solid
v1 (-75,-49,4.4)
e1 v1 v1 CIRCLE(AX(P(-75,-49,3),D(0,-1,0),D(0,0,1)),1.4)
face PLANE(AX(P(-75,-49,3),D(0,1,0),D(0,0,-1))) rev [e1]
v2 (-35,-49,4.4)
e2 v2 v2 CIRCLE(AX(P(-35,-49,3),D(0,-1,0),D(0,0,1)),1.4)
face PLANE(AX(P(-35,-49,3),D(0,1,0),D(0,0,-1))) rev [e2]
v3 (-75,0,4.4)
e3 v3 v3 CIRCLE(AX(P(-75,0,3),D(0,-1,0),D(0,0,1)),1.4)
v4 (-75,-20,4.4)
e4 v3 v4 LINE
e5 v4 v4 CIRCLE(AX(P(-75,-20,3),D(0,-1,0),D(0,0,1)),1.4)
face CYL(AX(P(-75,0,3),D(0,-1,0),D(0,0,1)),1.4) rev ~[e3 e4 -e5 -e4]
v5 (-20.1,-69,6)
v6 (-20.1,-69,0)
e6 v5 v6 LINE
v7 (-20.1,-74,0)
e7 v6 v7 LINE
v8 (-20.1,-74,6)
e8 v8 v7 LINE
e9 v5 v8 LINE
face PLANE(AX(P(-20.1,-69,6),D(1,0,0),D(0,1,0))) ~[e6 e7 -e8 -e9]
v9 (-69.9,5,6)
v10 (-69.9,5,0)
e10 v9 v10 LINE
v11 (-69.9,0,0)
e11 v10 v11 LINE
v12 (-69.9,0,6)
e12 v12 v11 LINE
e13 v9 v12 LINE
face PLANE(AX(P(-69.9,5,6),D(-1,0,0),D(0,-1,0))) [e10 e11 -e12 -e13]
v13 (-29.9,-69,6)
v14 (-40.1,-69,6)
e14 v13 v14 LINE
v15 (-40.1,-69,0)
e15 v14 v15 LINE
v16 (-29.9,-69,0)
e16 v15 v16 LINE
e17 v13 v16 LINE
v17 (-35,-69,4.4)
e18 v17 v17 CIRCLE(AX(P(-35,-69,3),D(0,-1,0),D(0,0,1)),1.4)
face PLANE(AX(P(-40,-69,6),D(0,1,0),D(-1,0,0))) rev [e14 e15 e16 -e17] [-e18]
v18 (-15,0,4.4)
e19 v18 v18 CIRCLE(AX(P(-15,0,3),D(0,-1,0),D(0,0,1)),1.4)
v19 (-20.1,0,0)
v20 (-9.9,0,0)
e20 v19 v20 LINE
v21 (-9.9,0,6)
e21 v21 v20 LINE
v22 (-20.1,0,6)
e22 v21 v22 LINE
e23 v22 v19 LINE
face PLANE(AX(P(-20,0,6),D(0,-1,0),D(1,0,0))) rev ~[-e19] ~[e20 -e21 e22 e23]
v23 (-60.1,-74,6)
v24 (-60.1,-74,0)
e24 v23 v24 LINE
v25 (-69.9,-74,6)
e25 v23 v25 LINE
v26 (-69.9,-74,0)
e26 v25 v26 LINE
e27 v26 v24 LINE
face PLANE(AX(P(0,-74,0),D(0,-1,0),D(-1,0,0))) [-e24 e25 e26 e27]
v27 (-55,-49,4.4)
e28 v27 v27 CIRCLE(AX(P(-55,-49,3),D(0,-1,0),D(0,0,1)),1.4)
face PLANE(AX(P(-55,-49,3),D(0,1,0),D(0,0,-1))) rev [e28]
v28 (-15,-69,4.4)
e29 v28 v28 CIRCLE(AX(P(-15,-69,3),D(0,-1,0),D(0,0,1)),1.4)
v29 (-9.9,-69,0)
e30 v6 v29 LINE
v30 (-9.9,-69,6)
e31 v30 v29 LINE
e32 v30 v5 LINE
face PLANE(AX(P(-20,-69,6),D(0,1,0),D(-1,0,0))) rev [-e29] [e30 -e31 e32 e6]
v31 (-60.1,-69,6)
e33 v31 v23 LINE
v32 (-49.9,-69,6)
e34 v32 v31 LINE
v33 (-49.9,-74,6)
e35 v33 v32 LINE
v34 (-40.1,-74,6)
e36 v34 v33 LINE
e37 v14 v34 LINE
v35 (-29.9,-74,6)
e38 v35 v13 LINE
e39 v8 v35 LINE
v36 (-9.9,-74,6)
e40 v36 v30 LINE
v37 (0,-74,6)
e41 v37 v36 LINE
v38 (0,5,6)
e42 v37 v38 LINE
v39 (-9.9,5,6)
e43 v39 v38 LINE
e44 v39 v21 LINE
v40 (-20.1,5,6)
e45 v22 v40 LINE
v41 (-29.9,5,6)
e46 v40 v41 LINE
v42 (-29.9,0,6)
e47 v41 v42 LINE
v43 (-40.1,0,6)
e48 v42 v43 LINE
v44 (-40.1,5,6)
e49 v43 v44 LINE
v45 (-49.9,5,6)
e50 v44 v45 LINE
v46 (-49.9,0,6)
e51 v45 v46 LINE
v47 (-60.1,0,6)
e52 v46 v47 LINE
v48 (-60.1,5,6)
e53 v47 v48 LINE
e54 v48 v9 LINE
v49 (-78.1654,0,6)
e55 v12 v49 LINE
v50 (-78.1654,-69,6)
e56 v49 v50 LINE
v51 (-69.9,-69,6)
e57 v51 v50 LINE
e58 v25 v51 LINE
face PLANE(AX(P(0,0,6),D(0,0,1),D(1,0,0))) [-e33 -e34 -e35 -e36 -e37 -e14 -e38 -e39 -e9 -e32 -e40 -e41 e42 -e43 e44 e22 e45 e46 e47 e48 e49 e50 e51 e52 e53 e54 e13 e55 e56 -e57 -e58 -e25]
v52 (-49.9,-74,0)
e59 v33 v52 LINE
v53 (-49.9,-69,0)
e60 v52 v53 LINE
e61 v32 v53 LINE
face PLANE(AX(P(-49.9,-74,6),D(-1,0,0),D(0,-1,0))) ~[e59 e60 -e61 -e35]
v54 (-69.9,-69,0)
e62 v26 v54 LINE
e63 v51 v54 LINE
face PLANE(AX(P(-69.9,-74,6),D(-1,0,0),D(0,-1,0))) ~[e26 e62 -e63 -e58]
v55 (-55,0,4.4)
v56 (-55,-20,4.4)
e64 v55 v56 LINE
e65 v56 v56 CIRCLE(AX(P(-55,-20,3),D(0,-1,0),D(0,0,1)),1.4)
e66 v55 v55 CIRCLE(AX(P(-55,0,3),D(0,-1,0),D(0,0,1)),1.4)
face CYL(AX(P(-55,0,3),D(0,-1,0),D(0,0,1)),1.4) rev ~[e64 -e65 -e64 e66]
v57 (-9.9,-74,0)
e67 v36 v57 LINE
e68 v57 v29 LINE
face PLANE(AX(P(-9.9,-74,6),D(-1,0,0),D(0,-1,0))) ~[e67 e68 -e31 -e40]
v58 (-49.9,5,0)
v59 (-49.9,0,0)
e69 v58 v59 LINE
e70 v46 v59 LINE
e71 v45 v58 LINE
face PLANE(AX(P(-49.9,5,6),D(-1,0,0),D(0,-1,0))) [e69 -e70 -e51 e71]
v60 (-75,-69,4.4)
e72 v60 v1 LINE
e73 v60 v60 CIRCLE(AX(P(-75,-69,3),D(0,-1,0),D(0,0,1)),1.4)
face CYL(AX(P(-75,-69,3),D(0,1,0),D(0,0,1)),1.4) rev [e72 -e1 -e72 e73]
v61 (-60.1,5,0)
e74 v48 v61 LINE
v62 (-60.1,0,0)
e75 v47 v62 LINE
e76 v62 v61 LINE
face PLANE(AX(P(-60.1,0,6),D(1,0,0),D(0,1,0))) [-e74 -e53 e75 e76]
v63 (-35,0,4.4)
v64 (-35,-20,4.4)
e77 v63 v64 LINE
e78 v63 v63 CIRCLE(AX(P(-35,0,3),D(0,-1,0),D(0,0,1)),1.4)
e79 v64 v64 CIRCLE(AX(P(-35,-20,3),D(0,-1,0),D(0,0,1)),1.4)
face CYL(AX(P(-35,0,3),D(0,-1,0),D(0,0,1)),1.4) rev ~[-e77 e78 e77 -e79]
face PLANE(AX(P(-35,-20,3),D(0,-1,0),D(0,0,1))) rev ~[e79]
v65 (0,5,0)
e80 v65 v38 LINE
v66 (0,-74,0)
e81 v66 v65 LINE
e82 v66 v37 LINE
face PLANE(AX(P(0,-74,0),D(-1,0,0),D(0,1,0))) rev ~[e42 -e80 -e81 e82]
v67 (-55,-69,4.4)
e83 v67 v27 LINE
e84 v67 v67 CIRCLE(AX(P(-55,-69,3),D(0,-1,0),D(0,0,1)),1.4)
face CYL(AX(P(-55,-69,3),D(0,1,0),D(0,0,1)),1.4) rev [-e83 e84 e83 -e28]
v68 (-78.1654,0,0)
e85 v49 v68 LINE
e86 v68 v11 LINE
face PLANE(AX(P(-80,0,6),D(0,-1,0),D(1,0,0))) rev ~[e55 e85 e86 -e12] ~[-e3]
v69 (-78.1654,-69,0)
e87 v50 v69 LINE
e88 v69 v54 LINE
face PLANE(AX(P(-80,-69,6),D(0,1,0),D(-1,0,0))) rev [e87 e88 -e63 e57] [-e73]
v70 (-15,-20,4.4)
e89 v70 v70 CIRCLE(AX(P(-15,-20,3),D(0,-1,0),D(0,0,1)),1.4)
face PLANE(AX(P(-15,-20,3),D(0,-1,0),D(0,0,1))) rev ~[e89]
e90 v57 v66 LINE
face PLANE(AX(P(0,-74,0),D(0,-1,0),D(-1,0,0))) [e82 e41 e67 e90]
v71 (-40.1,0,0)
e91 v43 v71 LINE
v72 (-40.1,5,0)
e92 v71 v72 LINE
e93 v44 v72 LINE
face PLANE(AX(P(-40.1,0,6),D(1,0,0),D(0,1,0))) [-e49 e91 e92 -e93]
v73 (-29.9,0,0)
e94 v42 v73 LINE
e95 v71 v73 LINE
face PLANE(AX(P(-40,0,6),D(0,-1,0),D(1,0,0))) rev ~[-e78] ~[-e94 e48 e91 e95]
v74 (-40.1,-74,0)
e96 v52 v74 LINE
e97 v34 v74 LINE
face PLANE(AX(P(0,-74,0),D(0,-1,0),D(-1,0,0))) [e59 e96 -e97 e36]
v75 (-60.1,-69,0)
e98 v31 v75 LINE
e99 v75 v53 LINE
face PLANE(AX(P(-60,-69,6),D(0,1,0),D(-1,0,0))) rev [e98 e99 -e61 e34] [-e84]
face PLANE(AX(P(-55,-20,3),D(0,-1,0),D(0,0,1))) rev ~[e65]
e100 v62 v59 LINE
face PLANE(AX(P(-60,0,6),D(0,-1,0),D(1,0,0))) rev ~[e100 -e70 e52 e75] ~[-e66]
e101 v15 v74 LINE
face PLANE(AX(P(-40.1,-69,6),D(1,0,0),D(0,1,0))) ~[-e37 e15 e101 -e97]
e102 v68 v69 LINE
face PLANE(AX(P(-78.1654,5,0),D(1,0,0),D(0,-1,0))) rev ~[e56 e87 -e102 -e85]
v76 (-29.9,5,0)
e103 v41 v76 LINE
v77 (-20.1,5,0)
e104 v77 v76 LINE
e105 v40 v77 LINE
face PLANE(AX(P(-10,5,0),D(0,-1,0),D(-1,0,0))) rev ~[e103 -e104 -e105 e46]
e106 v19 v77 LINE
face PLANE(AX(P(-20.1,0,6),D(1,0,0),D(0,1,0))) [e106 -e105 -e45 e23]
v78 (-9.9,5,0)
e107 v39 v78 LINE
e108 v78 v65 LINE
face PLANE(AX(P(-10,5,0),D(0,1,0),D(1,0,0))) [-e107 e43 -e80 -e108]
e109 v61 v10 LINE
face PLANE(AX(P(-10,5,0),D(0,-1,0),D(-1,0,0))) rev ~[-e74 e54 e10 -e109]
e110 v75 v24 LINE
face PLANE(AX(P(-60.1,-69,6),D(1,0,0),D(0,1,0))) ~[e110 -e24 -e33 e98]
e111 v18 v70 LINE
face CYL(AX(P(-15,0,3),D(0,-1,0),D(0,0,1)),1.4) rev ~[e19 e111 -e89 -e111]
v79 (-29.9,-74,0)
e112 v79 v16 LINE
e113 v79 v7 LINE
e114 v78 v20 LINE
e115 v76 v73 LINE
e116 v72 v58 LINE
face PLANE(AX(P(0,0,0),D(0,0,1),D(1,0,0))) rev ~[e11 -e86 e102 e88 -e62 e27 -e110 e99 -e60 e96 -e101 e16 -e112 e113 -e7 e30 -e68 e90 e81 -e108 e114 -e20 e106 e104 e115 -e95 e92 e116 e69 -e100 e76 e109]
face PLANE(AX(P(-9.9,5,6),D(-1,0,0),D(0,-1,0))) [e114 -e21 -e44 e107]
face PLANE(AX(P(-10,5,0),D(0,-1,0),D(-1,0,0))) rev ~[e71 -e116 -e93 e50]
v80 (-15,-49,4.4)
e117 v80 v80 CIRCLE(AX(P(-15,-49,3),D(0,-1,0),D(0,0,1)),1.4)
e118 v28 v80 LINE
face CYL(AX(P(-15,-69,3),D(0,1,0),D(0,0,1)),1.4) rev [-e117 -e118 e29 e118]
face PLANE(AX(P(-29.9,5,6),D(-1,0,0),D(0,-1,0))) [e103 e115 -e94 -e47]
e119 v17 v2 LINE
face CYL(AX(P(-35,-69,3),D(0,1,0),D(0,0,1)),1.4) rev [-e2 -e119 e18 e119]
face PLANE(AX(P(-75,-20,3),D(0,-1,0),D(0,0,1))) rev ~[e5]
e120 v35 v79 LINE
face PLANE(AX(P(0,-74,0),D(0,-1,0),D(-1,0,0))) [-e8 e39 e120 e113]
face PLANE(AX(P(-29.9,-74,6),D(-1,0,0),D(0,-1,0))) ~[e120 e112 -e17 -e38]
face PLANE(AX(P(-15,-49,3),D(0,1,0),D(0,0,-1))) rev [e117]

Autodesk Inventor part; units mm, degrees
ref_plane "YZ Plane" through (0, 0, 0) normal (1, 0, 0) x (0, 1, 0)
ref_plane "XZ Plane" through (0, 0, 0) normal (0, 1, 0) x (-1, 0, 0)
ref_plane "XY Plane" through (0, 0, 0) normal (0, 0, 1) x (1, 0, 0)
sketch "Sketch1" plane through (0, 0, 0) normal (0, 0, 1) x (1, 0, 0)
  line L0 (0, -120) -> (0, 155.2673) projected
  line L1 (-130, 0) -> (-130, 5) projected
  line L2 (-10, 5) -> (0, 5) projected
  line L3 (0, -74) -> (-9.8, -74) projected
  line L4 (-130, 5) -> (-120, 5) projected
  line L5 (-120.2, -74) -> (-129.8, -74) projected
  line L6 (-129.8, -69) -> (-129.8, -74) projected
  line L7 (0, 5) -> (-78.1654, 5)
  line L8 (-78.1654, 5) -> (-78.1654, -74)
  line L9 (-78.1654, -74) -> (0, -74)
  line L10 (0, -74) -> (0, 5)
  line L11 (-155.5538, 0) -> (-155.5538, 5) projected
  line L12 (-170.1, 0) -> (-170.1, 5) projected
  line L13 (-78.2654, -73) -> (-78.2654, -4) projected
  point P0 (0, 0)
  dimension "d36" = 0.1
extrude "Extrusion1" add sketch "Sketch1" along normal blind 6
sketch "Sketch2" plane through (0, 0, 6) normal (0, 0, 1) x (1, 0, 0)
  line L0 (-10, 0) -> (-10, 5) projected
  line L1 (0, 5) -> (-78.1654, 5) projected
  line L2 (-20, 0) -> (-10, 0) projected
  line L3 (-20, 5) -> (-20, 0) projected
  line L4 (-9.9, 5) -> (-9.9, 0)
  line L5 (-20.1, 0) -> (-20.1, 5)
  line L6 (-10, 0) -> (-9.9, 0)
  line L7 (-20, 0) -> (-20.1, 0)
  point P0 (-130, 5)
extrude "Extrusion2" cut sketch "Sketch2" against normal blind 6
sketch "Sketch3" plane through (-20.1, 0, 6) normal (0, 1, 0) x (1, 0, 0)
  circle A0 centre (5.1, 3) radius 1.5 projected
  point P0 (20.1, 6)
hole "Hole1" at (-15, 0, 3) direction (0, -1, 0) diameter 2.8 depth 20
pattern_linear "Rectangular Pattern2" count 9 spacing 20 along (-1, 0, 0) of "Extrusion2", "Hole1"
ref_plane "Work Plane1" through (-20.1, -34.5, 6) normal (0, 1, 0) x (1, 0, 0)
mirror "Mirror1" about plane through (-20.1, -34.5, 6) normal (0, 1, 0) of "Extrusion2", "Hole1", "Rectangular Pattern2"
properties part number "00_Baseplate_Simmo_side5"
